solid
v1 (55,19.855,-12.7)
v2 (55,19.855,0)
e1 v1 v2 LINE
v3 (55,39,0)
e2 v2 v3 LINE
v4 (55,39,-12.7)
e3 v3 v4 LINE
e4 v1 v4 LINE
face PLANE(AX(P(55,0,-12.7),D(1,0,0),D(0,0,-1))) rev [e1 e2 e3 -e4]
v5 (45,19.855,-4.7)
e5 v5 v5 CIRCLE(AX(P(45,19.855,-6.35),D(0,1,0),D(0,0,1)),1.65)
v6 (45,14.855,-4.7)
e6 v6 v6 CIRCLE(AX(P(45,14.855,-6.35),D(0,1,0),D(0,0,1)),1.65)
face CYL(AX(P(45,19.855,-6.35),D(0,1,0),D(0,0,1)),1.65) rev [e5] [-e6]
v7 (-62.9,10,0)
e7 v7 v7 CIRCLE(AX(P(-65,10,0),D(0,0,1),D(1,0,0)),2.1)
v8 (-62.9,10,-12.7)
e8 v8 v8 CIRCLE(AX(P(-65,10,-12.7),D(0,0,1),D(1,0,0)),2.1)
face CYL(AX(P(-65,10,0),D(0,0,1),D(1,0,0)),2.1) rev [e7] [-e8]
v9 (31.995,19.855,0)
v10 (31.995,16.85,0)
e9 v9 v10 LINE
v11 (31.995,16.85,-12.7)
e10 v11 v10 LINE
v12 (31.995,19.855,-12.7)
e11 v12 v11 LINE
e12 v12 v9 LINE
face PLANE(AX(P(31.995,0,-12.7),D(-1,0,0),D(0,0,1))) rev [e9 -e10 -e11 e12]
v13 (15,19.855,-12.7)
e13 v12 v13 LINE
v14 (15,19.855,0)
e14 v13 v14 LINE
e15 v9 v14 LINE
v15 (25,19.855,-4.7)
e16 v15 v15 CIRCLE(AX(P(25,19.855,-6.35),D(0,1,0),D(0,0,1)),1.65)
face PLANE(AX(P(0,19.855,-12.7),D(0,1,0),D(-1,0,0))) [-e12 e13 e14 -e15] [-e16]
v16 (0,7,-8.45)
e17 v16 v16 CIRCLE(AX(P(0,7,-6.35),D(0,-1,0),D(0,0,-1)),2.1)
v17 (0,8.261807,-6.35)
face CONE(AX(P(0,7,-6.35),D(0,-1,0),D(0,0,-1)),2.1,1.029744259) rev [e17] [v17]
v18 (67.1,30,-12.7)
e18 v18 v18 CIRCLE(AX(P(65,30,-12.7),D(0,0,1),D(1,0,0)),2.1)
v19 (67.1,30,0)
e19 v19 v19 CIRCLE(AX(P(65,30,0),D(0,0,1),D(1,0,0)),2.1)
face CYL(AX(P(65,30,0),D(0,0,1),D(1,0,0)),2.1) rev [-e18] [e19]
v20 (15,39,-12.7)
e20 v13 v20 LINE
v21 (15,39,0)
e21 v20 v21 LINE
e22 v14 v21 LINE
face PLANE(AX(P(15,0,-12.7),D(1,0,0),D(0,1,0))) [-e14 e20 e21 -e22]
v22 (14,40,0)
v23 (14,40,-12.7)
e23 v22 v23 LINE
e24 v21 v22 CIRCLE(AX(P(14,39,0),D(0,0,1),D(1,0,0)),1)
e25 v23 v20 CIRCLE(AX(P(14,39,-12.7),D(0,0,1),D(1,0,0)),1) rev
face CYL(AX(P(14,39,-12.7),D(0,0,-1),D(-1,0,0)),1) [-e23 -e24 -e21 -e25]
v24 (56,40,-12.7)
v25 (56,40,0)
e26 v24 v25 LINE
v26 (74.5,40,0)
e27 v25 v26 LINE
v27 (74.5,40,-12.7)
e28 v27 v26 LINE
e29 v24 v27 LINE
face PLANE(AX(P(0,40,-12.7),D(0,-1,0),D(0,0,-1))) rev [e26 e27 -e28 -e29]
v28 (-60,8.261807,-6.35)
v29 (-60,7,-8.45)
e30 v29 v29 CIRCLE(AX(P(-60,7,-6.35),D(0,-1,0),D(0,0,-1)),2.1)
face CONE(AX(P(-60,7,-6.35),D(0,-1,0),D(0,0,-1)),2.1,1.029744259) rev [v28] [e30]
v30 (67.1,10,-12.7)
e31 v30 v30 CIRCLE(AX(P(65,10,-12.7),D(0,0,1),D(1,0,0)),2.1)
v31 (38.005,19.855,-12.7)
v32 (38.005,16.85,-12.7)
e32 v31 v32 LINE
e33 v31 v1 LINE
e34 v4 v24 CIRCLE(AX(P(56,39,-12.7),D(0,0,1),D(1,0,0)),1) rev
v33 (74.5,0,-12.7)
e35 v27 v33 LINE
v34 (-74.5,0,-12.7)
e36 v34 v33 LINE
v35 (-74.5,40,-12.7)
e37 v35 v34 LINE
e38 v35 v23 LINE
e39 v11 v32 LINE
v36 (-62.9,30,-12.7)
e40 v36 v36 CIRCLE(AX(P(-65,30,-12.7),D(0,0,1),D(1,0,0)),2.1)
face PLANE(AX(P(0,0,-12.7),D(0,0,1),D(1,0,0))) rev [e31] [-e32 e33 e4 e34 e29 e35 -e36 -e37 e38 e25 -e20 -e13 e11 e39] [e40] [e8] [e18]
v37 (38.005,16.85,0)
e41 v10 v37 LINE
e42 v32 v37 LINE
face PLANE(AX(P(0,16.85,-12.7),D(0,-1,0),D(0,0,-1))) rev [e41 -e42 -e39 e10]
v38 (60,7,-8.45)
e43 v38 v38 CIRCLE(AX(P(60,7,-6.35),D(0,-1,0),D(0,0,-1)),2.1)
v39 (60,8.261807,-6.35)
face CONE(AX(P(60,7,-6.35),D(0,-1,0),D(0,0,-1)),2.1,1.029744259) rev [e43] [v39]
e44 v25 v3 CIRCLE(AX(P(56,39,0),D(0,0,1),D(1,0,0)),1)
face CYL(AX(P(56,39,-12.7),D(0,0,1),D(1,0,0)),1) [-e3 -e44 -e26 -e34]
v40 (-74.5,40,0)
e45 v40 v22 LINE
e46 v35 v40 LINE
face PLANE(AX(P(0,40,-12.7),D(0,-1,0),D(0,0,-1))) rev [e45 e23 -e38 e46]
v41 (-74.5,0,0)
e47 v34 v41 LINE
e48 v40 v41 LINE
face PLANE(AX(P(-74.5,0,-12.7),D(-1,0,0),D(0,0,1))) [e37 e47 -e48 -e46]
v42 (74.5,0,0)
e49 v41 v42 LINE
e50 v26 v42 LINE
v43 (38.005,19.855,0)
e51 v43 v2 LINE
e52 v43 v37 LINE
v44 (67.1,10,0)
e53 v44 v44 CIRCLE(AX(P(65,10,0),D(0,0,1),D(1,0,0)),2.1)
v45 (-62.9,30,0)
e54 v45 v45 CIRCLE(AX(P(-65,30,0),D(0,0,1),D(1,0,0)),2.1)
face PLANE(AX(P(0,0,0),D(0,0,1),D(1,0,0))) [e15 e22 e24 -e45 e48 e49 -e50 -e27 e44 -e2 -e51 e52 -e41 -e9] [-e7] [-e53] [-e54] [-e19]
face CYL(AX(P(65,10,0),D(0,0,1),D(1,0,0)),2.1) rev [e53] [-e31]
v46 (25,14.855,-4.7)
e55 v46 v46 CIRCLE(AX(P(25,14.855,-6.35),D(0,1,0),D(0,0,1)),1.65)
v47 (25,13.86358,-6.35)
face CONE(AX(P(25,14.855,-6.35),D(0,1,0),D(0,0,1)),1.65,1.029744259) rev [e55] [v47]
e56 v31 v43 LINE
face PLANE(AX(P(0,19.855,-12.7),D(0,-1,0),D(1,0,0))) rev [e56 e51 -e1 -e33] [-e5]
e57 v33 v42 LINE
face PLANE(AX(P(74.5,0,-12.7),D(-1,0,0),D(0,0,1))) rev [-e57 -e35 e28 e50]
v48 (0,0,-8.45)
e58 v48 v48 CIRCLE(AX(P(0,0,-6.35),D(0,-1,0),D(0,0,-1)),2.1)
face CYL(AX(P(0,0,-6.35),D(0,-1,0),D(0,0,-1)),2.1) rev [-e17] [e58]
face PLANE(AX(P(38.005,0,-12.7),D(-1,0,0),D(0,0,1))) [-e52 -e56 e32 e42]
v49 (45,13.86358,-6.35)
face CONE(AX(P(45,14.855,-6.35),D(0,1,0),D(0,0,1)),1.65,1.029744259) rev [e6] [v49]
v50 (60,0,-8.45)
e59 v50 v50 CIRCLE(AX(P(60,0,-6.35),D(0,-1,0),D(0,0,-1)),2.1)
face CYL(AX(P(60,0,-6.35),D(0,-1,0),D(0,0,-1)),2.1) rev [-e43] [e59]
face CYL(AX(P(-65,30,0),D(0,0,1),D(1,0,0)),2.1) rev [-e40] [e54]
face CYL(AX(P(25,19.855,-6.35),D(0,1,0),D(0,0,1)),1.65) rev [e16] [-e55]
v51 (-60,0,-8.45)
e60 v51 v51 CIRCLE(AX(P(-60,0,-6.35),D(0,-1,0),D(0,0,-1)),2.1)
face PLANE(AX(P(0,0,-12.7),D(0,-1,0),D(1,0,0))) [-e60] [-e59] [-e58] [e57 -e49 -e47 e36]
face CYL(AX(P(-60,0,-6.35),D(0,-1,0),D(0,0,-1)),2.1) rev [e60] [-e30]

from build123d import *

# Parameters (mm, degrees)
BOSS_EXTRUDE1_DEPTH             = 12.7
TAP_DRILL_FOR_M4X0_7_TAP1_D     = 3.3
TAP_DRILL_FOR_M4X0_7_TAP1_DEPTH = 5
TAP_DRILL_FOR_M4X0_7_TAP1_TIP   = 0.991420021
TAP_DRILL_FOR_M5X0_8_TAP3_D     = 4.2
TAP_DRILL_FOR_M5X0_8_TAP2_D     = 4.2
TAP_DRILL_FOR_M5X0_8_TAP2_DEPTH = 7
TAP_DRILL_FOR_M5X0_8_TAP2_TIP   = 1.2618073
FILLET1_R                       = 1


with BuildPart() as part:
    # Sketch1 → Boss-Extrude1 (new body)
    with BuildSketch(Plane.XY):
        Polygon((15, 40), (-74.5, 40), (-74.5, 0), (74.5, 0), (74.5, 40), (55, 40), (55, 19.855), (38.005, 19.855), (38.005, 16.85), (31.995, 16.85), (31.995, 19.855), (15, 19.855), align=None)
    extrude(amount=-BOSS_EXTRUDE1_DEPTH)

    # Tap Drill for M4x0.7 Tap1
    with Locations(Plane(origin=(25, 19.855, -6.35), x_dir=(1, 0, 0), z_dir=(0, 1, 0))):
        with Locations((0, 0), (20, 0)):
            Hole(TAP_DRILL_FOR_M4X0_7_TAP1_D / 2, depth=TAP_DRILL_FOR_M4X0_7_TAP1_DEPTH)
            with Locations((0, 0, -(TAP_DRILL_FOR_M4X0_7_TAP1_DEPTH + TAP_DRILL_FOR_M4X0_7_TAP1_TIP / 2))):  # 118° drill point
                Cone(0, TAP_DRILL_FOR_M4X0_7_TAP1_D / 2, TAP_DRILL_FOR_M4X0_7_TAP1_TIP, mode=Mode.SUBTRACT)

    # Tap Drill for M5x0.8 Tap3 (through all)
    with Locations(Plane(origin=(-65, 30, 0), x_dir=(1, 0, 0), z_dir=(0, 0, 1))):
        with Locations((0, 0), (0, -20), (130, -20), (130, 0)):
            Hole(TAP_DRILL_FOR_M5X0_8_TAP3_D / 2)

    # Tap Drill for M5x0.8 Tap2
    with Locations(Plane(origin=(-60, 0, -6.35), x_dir=(-1, 0, 0), z_dir=(0, -1, 0))):
        with Locations((0, 0), (-60, 0), (-120, 0)):
            Hole(TAP_DRILL_FOR_M5X0_8_TAP2_D / 2, depth=TAP_DRILL_FOR_M5X0_8_TAP2_DEPTH)
            with Locations((0, 0, -(TAP_DRILL_FOR_M5X0_8_TAP2_DEPTH + TAP_DRILL_FOR_M5X0_8_TAP2_TIP / 2))):  # 118° drill point
                Cone(0, TAP_DRILL_FOR_M5X0_8_TAP2_D / 2, TAP_DRILL_FOR_M5X0_8_TAP2_TIP, mode=Mode.SUBTRACT)

    # Fillet1
    fillet1_edges = [part.edges().sort_by_distance(p)[0] for p in [
        (55, 40, -6.35),
        (15, 40, -6.35),
    ]]
    fillet(fillet1_edges, radius=FILLET1_R)


solid = part.part
